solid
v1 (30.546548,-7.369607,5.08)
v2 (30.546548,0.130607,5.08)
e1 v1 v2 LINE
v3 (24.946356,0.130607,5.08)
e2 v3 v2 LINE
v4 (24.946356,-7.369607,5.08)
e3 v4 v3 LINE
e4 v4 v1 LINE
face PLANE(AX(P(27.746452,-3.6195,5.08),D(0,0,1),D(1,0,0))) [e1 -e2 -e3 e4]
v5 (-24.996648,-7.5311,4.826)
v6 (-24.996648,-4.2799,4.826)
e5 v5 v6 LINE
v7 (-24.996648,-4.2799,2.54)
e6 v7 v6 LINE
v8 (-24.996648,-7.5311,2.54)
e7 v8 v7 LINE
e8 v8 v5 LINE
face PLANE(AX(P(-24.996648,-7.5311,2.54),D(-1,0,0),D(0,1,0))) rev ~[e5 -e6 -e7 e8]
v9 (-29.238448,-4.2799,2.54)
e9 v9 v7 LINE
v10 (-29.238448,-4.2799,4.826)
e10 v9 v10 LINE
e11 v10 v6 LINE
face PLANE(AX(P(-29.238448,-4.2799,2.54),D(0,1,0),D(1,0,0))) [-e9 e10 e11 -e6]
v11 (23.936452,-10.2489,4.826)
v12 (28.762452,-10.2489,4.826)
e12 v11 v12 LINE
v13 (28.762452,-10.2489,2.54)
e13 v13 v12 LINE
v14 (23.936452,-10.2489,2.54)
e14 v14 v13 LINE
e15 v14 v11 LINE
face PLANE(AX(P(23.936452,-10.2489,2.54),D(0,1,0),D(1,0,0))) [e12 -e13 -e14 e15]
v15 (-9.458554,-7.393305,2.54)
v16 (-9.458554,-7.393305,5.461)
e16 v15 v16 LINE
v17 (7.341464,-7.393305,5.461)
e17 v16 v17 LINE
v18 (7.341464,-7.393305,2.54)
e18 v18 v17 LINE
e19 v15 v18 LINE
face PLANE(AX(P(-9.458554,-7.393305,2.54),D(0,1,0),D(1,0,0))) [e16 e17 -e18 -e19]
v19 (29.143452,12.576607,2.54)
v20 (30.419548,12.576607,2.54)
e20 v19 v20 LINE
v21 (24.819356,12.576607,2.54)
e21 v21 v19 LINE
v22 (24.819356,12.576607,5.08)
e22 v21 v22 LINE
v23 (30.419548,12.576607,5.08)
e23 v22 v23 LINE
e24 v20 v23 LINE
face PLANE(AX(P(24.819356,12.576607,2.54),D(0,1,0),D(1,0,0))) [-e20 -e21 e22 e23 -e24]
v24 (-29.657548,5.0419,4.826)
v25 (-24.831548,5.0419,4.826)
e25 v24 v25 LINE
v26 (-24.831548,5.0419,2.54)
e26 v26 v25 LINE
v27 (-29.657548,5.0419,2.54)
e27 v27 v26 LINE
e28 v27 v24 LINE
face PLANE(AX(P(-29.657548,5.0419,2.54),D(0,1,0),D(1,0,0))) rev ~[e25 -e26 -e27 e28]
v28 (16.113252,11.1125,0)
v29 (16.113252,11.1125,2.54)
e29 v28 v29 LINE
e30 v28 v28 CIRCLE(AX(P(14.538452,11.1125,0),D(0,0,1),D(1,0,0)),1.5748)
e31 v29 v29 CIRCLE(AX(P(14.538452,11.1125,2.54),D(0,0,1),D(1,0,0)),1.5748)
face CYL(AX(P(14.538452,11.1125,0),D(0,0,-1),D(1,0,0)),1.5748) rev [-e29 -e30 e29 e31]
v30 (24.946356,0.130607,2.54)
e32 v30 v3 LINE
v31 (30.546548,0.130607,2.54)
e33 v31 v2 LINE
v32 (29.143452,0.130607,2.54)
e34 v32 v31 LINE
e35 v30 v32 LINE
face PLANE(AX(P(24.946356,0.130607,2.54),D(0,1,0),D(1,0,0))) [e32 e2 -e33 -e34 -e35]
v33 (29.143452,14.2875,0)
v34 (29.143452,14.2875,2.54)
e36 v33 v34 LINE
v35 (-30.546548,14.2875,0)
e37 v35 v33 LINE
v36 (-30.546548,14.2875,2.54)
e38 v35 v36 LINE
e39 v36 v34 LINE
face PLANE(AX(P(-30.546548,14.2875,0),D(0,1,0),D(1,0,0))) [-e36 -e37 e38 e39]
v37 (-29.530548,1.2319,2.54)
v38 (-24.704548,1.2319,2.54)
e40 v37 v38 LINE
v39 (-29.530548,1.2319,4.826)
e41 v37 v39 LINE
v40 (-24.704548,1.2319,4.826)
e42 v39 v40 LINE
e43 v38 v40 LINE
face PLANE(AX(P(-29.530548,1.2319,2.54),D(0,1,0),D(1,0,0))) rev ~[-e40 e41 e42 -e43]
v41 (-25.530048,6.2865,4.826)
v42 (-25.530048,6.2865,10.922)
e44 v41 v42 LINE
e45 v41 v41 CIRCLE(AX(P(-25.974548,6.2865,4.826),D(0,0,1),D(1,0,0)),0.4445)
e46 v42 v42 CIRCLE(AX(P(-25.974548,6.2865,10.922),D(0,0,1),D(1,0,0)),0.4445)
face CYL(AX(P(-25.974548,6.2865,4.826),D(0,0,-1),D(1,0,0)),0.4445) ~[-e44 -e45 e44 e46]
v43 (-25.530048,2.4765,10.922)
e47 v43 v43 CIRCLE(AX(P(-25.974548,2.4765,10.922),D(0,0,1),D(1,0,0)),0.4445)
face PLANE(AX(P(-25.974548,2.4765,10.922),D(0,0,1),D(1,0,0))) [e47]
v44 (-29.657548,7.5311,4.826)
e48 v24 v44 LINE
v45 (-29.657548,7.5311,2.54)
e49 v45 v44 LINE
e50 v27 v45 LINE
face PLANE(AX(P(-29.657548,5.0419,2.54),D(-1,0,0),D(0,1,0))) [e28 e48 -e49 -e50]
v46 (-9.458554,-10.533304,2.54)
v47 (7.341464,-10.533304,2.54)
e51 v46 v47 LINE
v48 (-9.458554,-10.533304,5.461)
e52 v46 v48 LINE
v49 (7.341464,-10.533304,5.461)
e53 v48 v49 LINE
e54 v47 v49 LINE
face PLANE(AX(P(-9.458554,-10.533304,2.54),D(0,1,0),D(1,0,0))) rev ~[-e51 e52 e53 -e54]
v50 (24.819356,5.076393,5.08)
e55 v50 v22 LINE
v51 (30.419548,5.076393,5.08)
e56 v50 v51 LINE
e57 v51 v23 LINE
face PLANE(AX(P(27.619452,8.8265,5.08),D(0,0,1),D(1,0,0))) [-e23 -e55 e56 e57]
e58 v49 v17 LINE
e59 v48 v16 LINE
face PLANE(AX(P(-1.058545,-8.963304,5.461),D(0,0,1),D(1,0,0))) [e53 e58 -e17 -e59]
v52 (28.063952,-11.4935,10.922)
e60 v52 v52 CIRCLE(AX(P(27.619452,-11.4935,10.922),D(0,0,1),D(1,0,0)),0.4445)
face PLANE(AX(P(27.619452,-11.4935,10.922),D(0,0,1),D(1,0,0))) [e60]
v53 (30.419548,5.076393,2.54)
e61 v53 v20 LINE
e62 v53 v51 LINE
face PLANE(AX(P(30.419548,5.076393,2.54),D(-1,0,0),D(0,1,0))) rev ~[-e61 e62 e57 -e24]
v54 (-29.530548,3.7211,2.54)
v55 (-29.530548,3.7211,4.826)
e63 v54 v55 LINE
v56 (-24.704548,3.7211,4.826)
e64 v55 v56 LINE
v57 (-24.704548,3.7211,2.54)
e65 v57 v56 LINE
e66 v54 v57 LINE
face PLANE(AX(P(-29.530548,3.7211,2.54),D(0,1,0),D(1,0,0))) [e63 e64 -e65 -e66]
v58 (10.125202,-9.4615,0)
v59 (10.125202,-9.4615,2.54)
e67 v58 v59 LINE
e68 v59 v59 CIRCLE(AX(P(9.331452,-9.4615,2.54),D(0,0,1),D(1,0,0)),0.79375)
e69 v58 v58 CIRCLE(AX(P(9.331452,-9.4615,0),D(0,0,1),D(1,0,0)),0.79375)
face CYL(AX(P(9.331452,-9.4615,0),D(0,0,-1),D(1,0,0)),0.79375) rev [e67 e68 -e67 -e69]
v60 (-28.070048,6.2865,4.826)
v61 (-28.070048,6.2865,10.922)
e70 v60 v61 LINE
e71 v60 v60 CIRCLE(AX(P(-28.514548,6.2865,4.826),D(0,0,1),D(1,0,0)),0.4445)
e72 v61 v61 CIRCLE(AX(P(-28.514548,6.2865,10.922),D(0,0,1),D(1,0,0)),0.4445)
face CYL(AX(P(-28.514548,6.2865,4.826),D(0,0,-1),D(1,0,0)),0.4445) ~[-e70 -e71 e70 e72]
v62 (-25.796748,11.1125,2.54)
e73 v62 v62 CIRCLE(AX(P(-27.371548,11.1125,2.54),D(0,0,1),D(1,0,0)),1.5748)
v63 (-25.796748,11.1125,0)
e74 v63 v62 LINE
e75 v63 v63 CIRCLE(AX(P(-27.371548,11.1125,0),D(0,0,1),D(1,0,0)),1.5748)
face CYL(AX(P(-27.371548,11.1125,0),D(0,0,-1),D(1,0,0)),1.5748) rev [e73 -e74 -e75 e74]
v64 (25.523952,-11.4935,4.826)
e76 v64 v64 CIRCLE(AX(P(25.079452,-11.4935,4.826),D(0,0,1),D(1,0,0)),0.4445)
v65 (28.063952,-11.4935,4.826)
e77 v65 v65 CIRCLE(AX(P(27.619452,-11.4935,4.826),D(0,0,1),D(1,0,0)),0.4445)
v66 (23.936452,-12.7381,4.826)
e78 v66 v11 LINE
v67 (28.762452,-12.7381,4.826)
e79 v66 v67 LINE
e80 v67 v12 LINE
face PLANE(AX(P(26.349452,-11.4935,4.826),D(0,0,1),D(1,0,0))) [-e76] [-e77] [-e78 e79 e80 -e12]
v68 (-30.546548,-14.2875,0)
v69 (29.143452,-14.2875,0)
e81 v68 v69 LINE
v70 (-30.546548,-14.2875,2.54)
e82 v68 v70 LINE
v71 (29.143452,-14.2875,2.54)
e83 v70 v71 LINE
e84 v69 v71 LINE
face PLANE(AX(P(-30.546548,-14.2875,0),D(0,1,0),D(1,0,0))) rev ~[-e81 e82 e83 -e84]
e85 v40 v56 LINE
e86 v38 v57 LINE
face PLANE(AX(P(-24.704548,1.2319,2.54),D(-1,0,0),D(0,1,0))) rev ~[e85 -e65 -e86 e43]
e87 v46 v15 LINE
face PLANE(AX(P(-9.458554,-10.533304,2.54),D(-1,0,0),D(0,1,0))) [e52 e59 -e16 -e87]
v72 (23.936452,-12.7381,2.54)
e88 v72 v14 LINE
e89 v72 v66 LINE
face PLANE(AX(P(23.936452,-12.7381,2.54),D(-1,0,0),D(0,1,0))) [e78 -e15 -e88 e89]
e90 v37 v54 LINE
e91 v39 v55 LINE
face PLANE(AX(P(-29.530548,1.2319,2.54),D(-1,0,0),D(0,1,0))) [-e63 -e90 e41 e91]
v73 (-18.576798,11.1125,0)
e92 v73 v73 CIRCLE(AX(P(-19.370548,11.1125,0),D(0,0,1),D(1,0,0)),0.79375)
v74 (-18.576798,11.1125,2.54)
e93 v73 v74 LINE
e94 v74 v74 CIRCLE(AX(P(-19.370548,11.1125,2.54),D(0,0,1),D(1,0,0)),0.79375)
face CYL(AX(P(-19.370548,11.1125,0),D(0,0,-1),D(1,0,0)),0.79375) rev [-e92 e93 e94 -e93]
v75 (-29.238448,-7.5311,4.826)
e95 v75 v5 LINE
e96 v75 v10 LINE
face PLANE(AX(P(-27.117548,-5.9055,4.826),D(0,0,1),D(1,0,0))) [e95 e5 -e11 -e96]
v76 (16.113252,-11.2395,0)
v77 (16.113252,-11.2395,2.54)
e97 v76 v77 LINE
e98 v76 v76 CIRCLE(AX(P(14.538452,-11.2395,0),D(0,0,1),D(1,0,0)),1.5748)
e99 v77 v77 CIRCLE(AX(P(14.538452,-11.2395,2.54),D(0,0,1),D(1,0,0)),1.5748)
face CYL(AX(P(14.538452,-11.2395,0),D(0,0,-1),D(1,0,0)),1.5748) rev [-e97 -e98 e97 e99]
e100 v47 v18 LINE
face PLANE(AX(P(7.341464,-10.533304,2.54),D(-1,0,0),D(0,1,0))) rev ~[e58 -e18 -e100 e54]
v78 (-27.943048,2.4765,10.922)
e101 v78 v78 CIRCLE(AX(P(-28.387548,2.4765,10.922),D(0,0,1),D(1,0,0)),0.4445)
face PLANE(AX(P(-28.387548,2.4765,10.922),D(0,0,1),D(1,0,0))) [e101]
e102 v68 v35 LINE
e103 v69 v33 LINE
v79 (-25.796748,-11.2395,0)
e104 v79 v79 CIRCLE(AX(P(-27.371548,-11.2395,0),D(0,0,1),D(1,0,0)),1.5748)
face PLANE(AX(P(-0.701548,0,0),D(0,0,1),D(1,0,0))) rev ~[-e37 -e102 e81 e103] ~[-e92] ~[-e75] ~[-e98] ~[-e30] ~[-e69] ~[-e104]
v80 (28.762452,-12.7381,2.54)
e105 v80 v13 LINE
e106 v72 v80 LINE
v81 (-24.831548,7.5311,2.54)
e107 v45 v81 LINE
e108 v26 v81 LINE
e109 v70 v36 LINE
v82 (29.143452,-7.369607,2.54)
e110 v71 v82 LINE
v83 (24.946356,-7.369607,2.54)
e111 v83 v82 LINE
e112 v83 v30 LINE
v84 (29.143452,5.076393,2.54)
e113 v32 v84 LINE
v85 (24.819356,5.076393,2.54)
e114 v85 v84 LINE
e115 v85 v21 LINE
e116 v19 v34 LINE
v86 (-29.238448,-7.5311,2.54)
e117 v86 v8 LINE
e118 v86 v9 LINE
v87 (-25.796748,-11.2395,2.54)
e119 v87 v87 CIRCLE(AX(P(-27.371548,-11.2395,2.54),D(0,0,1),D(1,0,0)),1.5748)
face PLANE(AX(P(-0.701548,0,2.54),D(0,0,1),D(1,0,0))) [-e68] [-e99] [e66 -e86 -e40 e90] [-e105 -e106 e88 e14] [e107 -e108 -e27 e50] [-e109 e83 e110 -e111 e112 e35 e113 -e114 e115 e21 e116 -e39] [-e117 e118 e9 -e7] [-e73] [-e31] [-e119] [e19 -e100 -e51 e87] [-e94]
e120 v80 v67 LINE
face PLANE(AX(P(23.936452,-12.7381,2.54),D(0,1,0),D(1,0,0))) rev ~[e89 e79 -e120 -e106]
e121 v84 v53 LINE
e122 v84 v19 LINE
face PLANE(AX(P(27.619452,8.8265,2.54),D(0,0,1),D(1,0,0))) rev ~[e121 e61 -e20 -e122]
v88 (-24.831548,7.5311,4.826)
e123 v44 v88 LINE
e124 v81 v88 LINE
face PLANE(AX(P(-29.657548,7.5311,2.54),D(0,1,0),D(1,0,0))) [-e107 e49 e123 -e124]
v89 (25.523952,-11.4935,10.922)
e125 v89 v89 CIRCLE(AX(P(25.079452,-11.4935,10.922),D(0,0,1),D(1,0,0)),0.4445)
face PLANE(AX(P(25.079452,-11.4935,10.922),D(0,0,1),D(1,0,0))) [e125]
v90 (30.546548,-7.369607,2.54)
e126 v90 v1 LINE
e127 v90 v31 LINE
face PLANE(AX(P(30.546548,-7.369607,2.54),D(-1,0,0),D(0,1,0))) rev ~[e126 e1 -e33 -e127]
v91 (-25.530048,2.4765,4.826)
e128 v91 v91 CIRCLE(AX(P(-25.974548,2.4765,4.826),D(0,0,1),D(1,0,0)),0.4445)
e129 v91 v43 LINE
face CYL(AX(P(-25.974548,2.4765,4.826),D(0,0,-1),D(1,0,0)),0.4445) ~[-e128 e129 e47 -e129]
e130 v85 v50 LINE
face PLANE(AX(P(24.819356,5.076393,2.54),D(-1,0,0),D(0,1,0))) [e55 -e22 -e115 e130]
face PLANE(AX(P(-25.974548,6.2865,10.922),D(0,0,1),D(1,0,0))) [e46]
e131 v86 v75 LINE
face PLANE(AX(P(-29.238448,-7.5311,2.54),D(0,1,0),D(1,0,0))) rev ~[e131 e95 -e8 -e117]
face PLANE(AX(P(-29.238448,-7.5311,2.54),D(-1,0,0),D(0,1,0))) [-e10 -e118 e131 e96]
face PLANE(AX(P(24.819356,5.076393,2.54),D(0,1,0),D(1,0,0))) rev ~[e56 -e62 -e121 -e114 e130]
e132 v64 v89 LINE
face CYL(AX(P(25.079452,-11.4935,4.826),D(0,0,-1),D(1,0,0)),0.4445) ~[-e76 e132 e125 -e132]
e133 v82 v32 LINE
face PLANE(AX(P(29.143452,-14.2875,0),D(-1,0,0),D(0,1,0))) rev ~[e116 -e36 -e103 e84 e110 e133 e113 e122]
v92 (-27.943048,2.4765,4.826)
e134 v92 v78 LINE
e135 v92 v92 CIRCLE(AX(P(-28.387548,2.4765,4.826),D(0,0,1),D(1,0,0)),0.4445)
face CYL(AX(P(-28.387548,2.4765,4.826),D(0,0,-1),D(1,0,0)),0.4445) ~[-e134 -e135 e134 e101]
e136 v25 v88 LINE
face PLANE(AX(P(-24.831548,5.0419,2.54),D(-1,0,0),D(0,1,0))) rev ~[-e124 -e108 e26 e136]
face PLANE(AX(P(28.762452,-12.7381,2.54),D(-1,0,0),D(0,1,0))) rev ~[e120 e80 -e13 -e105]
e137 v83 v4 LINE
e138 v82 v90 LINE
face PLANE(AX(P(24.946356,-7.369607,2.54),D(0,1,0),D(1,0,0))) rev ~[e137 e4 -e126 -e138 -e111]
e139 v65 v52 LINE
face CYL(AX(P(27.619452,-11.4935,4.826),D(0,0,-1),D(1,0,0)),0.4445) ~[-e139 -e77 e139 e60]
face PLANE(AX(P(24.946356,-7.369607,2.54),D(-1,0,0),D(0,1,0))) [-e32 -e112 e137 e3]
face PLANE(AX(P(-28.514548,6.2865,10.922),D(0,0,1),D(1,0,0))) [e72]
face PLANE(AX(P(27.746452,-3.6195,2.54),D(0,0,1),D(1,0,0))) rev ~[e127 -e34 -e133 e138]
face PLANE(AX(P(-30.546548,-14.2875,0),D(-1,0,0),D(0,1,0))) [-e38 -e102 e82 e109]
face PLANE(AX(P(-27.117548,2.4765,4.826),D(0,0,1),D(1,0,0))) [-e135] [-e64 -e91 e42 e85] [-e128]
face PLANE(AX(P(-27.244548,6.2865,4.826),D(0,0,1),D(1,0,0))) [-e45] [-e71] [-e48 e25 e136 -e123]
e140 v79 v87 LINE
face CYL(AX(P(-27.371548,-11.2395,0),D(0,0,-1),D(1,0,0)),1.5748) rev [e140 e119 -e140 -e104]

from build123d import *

# Parameters (mm, degrees)
F1_W      = 59.69
F1_H      = 28.575
F1_R      = 1.5748
F1_R_2    = 0.79375
F2_DEPTH  = 2.54
F3_W      = 5.600192
F3_H      = 7.500214
F4_DEPTH  = 2.54
F5_W      = 16.800018
F5_H      = 3.139999
F6_DEPTH  = 2.921
F7_W      = 4.826
F7_H      = 2.4892
F7_W_2    = 4.2418
F7_H_2    = 3.2512
F8_DEPTH  = 2.286
F9_R      = 0.4445
F10_DEPTH = 6.096


with BuildPart() as f2:
    # F1 (on Top) → F2 (new body)
    with BuildSketch(Plane.XY):
        with Locations((-0.701548, 0)):
            Rectangle(F1_W, F1_H)
        with Locations((-27.371548, -11.2395)):
            Circle(F1_R, mode=Mode.SUBTRACT)
        with Locations((9.331452, -9.4615)):
            Circle(F1_R_2, mode=Mode.SUBTRACT)
        with Locations((14.538452, -11.2395)):
            Circle(F1_R, mode=Mode.SUBTRACT)
        with Locations((-27.371548, 11.1125)):
            Circle(F1_R, mode=Mode.SUBTRACT)
        with Locations((-19.370548, 11.1125)):
            Circle(F1_R_2, mode=Mode.SUBTRACT)
        with Locations((14.538452, 11.1125)):
            Circle(F1_R, mode=Mode.SUBTRACT)
    extrude(amount=F2_DEPTH)

    # F3 (on face) → F4 (join)
    with BuildSketch(Plane.XY.offset(2.54)):
        with Locations((27.619452, 8.8265)):
            Rectangle(F3_W, F3_H)
        with Locations((27.746452, -3.6195)):
            Rectangle(F3_W, F3_H)
    extrude(amount=F4_DEPTH)

    # F5 (on face) → F6 (join)
    with BuildSketch(Plane.XY.offset(2.54)):
        with Locations((-1.058545, -8.963304)):
            Rectangle(F5_W, F5_H)
    extrude(amount=F6_DEPTH)

    # F7 (on face) → F8 (join)
    with BuildSketch(Plane.XY.offset(2.54)):
        with Locations((26.349452, -11.4935)):
            Rectangle(F7_W, F7_H)
        with Locations((-27.244548, 6.2865)):
            Rectangle(F7_W, F7_H)
        with Locations((-27.117548, 2.4765)):
            Rectangle(F7_W, F7_H)
        with Locations((-27.117548, -5.9055)):
            Rectangle(F7_W_2, F7_H_2)
    extrude(amount=F8_DEPTH)

    # F9 (on face) → F10 (join)
    with BuildSketch(Plane.XY.offset(4.826)):
        with Locations((-28.514548, 6.2865)):
            Circle(F9_R)
        with Locations((-25.974548, 6.2865)):
            Circle(F9_R)
        with Locations((-28.387548, 2.4765)):
            Circle(F9_R)
        with Locations((-25.974548, 2.4765)):
            Circle(F9_R)
        with Locations((27.619452, -11.4935)):
            Circle(F9_R)
        with Locations((25.079452, -11.4935)):
            Circle(F9_R)
    extrude(amount=F10_DEPTH)


solid = f2.part
